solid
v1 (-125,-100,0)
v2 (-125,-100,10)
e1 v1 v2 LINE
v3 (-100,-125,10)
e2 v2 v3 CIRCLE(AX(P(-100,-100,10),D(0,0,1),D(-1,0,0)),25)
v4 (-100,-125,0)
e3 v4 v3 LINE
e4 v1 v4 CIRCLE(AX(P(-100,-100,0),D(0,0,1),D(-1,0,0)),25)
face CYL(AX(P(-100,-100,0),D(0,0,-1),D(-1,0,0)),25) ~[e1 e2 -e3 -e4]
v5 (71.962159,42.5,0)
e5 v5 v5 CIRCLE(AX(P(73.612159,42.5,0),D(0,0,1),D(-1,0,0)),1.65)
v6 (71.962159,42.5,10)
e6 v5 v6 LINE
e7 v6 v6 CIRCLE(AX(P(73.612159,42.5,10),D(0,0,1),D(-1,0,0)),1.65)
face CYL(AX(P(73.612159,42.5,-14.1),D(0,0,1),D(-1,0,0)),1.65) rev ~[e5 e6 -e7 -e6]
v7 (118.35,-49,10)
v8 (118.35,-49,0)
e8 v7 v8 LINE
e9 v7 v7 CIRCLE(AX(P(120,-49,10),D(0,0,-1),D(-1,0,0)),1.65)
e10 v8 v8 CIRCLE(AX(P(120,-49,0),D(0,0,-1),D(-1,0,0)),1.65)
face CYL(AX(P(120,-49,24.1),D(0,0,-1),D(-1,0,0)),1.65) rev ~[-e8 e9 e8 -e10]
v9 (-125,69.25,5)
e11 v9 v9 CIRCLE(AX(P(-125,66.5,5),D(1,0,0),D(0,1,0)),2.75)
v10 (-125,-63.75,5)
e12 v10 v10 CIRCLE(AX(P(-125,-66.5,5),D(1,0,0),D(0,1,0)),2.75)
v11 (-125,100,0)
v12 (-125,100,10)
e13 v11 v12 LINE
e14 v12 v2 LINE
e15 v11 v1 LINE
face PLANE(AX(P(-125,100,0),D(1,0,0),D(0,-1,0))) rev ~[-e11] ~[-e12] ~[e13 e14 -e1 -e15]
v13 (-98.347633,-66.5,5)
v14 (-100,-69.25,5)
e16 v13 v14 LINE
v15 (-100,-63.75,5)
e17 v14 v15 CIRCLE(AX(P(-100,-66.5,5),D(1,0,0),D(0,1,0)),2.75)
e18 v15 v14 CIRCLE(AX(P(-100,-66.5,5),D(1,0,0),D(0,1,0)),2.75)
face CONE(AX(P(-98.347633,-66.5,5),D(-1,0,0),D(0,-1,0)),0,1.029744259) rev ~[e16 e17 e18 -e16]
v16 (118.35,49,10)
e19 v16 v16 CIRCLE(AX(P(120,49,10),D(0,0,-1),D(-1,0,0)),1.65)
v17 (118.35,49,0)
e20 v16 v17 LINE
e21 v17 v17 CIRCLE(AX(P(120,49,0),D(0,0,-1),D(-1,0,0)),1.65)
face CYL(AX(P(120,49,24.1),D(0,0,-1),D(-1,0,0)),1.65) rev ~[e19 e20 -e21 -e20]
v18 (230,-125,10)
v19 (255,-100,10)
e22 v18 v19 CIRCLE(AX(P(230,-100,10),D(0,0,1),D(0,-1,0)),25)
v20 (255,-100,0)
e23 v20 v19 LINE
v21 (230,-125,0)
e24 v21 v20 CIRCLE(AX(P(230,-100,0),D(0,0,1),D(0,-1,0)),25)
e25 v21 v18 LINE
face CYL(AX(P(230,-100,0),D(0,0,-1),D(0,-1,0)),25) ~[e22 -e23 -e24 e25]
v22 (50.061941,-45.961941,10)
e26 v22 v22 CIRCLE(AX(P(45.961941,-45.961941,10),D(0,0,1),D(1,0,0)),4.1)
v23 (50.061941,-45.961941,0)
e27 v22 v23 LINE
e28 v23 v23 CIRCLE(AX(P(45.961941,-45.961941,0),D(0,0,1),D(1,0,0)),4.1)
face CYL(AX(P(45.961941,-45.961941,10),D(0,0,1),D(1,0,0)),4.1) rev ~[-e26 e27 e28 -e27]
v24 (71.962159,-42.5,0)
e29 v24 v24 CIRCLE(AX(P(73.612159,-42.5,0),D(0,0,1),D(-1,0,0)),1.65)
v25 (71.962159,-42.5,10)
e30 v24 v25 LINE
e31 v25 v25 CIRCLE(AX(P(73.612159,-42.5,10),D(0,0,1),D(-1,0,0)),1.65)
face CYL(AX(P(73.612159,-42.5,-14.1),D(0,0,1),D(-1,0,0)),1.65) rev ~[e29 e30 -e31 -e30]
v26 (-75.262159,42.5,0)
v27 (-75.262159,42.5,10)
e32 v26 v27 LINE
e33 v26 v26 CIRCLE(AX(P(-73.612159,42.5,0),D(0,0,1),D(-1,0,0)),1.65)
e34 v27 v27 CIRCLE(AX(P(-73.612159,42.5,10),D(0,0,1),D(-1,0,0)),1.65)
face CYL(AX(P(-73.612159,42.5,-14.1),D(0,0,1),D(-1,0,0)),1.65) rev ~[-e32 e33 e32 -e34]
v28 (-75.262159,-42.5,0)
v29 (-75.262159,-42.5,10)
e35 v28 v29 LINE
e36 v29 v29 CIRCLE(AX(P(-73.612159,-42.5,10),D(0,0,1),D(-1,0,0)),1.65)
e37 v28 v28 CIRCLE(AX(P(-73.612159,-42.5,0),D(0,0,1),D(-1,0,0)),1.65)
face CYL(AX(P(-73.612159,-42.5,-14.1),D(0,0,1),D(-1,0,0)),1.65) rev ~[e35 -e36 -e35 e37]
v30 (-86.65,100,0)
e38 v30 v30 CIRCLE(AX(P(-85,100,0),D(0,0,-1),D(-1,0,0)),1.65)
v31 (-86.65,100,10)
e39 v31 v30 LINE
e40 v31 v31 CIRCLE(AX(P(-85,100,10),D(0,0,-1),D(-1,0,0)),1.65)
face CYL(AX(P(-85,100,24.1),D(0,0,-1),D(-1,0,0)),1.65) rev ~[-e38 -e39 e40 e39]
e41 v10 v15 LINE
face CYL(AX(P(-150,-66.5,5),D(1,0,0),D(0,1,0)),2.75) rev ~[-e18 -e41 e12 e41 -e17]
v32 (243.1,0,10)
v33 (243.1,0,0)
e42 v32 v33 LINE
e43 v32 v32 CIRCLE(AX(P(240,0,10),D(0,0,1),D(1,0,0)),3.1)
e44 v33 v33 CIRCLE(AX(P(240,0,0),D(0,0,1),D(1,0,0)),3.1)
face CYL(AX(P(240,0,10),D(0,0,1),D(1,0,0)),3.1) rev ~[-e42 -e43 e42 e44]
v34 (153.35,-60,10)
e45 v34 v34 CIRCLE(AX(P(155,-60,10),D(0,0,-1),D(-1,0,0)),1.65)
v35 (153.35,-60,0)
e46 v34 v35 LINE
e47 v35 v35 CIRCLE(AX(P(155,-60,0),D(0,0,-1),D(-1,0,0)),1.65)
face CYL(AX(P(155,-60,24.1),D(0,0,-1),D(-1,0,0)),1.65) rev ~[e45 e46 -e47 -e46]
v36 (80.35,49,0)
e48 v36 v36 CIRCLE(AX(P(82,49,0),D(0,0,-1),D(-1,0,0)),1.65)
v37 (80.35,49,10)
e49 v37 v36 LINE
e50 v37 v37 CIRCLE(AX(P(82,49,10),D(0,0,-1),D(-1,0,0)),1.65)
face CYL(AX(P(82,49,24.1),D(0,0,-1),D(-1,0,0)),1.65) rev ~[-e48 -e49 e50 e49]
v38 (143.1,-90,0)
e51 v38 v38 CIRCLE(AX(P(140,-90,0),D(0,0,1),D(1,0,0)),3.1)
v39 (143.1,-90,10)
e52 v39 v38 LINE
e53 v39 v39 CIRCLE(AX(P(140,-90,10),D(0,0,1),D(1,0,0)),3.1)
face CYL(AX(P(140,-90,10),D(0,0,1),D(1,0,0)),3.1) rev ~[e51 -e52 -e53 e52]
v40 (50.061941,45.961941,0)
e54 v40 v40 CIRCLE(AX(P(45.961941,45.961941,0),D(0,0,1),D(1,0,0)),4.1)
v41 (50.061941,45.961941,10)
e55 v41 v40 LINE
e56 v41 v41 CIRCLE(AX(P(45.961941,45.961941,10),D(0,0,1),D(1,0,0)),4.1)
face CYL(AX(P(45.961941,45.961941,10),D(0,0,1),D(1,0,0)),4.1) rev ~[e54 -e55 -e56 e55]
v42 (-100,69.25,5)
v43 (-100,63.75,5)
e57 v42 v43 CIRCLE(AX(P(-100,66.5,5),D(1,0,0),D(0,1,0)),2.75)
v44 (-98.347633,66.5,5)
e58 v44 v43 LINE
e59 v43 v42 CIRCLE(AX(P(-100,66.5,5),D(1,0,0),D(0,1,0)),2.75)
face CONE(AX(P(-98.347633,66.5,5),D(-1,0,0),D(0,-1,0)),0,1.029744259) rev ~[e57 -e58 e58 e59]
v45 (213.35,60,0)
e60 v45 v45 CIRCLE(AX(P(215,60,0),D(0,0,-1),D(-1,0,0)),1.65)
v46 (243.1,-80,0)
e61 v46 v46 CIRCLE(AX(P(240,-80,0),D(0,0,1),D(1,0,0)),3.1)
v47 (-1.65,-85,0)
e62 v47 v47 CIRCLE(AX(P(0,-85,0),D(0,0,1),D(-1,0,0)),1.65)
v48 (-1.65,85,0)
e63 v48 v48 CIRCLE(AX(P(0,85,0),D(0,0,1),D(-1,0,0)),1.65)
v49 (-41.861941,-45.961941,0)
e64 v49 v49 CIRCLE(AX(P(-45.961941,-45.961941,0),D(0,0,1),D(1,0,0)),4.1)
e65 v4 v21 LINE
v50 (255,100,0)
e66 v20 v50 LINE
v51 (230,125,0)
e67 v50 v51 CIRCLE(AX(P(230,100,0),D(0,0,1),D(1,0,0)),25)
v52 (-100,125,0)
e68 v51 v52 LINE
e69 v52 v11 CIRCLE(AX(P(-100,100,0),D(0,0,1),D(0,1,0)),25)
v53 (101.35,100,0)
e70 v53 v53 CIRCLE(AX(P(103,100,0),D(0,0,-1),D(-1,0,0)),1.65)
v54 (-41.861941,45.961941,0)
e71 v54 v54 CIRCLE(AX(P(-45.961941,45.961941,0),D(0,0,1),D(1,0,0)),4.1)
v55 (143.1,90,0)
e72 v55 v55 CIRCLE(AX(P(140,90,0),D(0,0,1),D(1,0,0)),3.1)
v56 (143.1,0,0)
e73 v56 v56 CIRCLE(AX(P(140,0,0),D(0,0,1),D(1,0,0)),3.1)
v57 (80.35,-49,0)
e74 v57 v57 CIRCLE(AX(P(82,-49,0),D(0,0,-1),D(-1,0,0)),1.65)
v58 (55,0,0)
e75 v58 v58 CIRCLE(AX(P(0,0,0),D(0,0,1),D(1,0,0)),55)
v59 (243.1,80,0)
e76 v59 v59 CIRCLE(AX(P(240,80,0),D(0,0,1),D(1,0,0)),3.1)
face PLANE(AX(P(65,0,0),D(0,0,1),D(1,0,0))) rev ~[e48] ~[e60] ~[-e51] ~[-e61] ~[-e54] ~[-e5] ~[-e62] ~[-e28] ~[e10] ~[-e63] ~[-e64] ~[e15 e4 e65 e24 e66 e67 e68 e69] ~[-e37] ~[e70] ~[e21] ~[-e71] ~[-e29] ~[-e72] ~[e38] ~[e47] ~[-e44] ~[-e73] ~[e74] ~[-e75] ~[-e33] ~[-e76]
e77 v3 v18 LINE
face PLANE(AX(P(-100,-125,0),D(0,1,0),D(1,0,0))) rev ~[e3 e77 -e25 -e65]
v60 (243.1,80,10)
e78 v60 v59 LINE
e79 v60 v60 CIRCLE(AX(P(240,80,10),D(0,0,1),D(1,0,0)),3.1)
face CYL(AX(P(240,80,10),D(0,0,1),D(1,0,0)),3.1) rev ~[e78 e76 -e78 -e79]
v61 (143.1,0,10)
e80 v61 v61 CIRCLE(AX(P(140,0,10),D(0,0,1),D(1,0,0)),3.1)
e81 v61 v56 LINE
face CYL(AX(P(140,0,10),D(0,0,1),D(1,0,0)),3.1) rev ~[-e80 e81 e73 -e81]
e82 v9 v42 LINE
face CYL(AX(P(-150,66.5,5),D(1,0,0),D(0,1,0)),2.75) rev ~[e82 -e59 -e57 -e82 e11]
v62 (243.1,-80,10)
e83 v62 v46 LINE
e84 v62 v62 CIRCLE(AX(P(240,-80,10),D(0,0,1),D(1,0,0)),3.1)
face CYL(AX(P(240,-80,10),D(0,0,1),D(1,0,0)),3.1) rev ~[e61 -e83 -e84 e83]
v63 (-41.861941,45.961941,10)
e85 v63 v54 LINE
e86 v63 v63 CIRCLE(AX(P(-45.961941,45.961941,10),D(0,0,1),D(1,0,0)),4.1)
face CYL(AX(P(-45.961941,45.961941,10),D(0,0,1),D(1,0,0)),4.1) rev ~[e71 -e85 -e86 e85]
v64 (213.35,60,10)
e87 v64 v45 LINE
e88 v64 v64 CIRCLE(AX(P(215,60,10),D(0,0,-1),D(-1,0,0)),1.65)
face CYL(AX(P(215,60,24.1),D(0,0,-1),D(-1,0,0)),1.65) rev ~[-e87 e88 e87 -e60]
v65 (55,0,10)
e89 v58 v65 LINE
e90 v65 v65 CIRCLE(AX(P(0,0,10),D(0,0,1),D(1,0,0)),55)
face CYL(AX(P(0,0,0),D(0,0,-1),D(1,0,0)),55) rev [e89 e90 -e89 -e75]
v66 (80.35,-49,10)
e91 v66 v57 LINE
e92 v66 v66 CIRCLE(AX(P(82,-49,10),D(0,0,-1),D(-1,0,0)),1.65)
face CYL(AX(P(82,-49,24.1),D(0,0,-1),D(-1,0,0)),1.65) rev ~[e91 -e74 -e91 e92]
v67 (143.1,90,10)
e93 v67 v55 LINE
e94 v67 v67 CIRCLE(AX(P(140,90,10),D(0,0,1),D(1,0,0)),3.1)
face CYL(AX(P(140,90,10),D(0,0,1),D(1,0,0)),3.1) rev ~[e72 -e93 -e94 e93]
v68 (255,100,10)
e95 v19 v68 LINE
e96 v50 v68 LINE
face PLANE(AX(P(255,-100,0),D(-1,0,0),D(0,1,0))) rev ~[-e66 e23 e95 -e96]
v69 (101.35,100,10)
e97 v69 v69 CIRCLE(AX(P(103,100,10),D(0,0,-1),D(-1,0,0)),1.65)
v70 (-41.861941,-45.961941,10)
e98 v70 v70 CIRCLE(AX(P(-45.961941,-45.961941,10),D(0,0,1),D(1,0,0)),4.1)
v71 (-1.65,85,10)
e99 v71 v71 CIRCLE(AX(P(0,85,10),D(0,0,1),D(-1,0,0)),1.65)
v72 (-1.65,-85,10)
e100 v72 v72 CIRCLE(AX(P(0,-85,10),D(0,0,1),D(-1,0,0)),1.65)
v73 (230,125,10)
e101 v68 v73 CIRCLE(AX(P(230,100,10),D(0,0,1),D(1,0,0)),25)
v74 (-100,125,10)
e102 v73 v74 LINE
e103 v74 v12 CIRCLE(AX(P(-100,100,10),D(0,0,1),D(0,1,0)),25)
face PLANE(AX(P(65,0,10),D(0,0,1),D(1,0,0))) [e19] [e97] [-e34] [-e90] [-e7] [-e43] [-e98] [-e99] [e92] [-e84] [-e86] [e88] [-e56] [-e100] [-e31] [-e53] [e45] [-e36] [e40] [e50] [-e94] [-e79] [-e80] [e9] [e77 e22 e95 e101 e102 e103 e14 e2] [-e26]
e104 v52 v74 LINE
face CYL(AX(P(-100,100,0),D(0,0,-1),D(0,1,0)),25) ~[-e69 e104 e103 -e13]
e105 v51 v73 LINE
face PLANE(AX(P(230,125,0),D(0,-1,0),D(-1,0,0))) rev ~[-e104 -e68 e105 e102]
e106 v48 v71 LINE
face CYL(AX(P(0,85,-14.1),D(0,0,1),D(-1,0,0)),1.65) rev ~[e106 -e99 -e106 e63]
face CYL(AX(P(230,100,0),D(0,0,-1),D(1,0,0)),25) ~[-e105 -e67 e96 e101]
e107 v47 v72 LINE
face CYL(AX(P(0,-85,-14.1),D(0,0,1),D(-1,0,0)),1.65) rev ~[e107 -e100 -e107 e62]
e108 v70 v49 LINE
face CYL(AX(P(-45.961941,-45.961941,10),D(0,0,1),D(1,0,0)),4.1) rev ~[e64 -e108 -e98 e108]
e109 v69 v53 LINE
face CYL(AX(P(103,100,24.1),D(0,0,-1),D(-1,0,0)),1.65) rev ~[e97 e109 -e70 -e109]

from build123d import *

# Parameters (mm, degrees)
F0_R      = 55
F1_DEPTH  = 10
F2_R      = 4.1
F3_DEPTH  = 25
F4_R      = 3.1
F5_DEPTH  = 25
F7_D      = 5.5
F7_DEPTH  = 25
F7_TIP    = 1.6523667023
F9_D      = 3.3
F9_DEPTH  = 14.1
F9_TIP    = 0.9914200214
F11_D     = 3.3
F11_DEPTH = 14.1
F11_TIP   = 0.9914200214
F14_D     = 3.3
F14_DEPTH = 14.1
F14_TIP   = 0.9914200214
F15_D     = 3.3
F15_DEPTH = 14.1
F15_TIP   = 0.9914200214


with BuildPart() as f1:
    # F0 (on Top) → F1 (new body)
    with BuildSketch(Plane.XY):
        with BuildLine():
            ThreePointArc((-125, -100), (-117.6776695297, -117.6776695297), (-100, -125))
            Line((-100, -125), (-26.5624980382, -125))
            Line((-26.5624980382, -125), (100.3501711662, -125))
            Line((100.3501711662, -125), (230, -125))
            ThreePointArc((230, -125), (247.6776695297, -117.6776695297), (255, -100))
            Line((255, -100), (255, 100))
            ThreePointArc((255, 100), (247.6776695297, 117.6776695297), (230, 125))
            Line((230, 125), (118.7077554191, 125))
            Line((118.7077554191, 125), (-26.5624980382, 125))
            Line((-26.5624980382, 125), (-100, 125))
            ThreePointArc((-100, 125), (-117.6776695297, 117.6776695297), (-125, 100))
            Line((-125, 100), (-125, -100))
        make_face()
        Circle(F0_R, mode=Mode.SUBTRACT)
    extrude(amount=F1_DEPTH)

    # F2 (on face) → F3 (cut)
    with BuildSketch(Plane.XY.offset(10)):
        with Locations((-45.9619407771, 45.9619407771)):
            Circle(F2_R)
        with Locations((45.9619407771, 45.9619407771)):
            Circle(F2_R)
        with Locations((45.9619407771, -45.9619407771)):
            Circle(F2_R)
        with Locations((-45.9619407771, -45.9619407771)):
            Circle(F2_R)
    extrude(amount=-F3_DEPTH, mode=Mode.SUBTRACT)

    # F4 (on face) → F5 (cut)
    with BuildSketch(Plane.XY.offset(10)):
        with Locations((140, 90)):
            Circle(F4_R)
        with Locations((140, 0)):
            Circle(F4_R)
        with Locations((140, -90)):
            Circle(F4_R)
        with Locations((240, -80)):
            Circle(F4_R)
        with Locations((240, 0)):
            Circle(F4_R)
        with Locations((240, 80)):
            Circle(F4_R)
    extrude(amount=-F5_DEPTH, mode=Mode.SUBTRACT)

    # F7
    with Locations(Plane(origin=(-125, 0, 0), x_dir=(0, -1, 0), z_dir=(-1, 0, 0))):
        with Locations((-66.5, 5), (66.5, 5)):
            Hole(F7_D / 2, depth=F7_DEPTH)
            with Locations((0, 0, -(F7_DEPTH + F7_TIP / 2))):  # 118° drill point
                Cone(0, F7_D / 2, F7_TIP, mode=Mode.SUBTRACT)

    # F9
    with Locations(Plane.XY.offset(10)):
        with Locations((82, 49), (120, 49), (120, -49), (82, -49)):
            Hole(F9_D / 2, depth=F9_DEPTH)
            with Locations((0, 0, -(F9_DEPTH + F9_TIP / 2))):  # 118° drill point
                Cone(0, F9_D / 2, F9_TIP, mode=Mode.SUBTRACT)

    # F11
    with Locations(Plane.XY.offset(10)):
        with Locations((-85, 100), (103, 100)):
            Hole(F11_D / 2, depth=F11_DEPTH)
            with Locations((0, 0, -(F11_DEPTH + F11_TIP / 2))):  # 118° drill point
                Cone(0, F11_D / 2, F11_TIP, mode=Mode.SUBTRACT)

    # F14
    with Locations(Plane.XY.offset(10)):
        with Locations((215, 60), (155, -60)):
            Hole(F14_D / 2, depth=F14_DEPTH)
            with Locations((0, 0, -(F14_DEPTH + F14_TIP / 2))):  # 118° drill point
                Cone(0, F14_D / 2, F14_TIP, mode=Mode.SUBTRACT)

    # F15
    with Locations(Plane(origin=(0, 0, 0), x_dir=(1, 0, 0), z_dir=(0, 0, -1))):
        with Locations((-73.6121593217, -42.5), (-73.6121593217, 42.5), (0, 85), (73.6121593217, 42.5), (73.6121593217, -42.5), (0, -85)):
            Hole(F15_D / 2, depth=F15_DEPTH)
            with Locations((0, 0, -(F15_DEPTH + F15_TIP / 2))):  # 118° drill point
                Cone(0, F15_D / 2, F15_TIP, mode=Mode.SUBTRACT)


solid = f1.part
